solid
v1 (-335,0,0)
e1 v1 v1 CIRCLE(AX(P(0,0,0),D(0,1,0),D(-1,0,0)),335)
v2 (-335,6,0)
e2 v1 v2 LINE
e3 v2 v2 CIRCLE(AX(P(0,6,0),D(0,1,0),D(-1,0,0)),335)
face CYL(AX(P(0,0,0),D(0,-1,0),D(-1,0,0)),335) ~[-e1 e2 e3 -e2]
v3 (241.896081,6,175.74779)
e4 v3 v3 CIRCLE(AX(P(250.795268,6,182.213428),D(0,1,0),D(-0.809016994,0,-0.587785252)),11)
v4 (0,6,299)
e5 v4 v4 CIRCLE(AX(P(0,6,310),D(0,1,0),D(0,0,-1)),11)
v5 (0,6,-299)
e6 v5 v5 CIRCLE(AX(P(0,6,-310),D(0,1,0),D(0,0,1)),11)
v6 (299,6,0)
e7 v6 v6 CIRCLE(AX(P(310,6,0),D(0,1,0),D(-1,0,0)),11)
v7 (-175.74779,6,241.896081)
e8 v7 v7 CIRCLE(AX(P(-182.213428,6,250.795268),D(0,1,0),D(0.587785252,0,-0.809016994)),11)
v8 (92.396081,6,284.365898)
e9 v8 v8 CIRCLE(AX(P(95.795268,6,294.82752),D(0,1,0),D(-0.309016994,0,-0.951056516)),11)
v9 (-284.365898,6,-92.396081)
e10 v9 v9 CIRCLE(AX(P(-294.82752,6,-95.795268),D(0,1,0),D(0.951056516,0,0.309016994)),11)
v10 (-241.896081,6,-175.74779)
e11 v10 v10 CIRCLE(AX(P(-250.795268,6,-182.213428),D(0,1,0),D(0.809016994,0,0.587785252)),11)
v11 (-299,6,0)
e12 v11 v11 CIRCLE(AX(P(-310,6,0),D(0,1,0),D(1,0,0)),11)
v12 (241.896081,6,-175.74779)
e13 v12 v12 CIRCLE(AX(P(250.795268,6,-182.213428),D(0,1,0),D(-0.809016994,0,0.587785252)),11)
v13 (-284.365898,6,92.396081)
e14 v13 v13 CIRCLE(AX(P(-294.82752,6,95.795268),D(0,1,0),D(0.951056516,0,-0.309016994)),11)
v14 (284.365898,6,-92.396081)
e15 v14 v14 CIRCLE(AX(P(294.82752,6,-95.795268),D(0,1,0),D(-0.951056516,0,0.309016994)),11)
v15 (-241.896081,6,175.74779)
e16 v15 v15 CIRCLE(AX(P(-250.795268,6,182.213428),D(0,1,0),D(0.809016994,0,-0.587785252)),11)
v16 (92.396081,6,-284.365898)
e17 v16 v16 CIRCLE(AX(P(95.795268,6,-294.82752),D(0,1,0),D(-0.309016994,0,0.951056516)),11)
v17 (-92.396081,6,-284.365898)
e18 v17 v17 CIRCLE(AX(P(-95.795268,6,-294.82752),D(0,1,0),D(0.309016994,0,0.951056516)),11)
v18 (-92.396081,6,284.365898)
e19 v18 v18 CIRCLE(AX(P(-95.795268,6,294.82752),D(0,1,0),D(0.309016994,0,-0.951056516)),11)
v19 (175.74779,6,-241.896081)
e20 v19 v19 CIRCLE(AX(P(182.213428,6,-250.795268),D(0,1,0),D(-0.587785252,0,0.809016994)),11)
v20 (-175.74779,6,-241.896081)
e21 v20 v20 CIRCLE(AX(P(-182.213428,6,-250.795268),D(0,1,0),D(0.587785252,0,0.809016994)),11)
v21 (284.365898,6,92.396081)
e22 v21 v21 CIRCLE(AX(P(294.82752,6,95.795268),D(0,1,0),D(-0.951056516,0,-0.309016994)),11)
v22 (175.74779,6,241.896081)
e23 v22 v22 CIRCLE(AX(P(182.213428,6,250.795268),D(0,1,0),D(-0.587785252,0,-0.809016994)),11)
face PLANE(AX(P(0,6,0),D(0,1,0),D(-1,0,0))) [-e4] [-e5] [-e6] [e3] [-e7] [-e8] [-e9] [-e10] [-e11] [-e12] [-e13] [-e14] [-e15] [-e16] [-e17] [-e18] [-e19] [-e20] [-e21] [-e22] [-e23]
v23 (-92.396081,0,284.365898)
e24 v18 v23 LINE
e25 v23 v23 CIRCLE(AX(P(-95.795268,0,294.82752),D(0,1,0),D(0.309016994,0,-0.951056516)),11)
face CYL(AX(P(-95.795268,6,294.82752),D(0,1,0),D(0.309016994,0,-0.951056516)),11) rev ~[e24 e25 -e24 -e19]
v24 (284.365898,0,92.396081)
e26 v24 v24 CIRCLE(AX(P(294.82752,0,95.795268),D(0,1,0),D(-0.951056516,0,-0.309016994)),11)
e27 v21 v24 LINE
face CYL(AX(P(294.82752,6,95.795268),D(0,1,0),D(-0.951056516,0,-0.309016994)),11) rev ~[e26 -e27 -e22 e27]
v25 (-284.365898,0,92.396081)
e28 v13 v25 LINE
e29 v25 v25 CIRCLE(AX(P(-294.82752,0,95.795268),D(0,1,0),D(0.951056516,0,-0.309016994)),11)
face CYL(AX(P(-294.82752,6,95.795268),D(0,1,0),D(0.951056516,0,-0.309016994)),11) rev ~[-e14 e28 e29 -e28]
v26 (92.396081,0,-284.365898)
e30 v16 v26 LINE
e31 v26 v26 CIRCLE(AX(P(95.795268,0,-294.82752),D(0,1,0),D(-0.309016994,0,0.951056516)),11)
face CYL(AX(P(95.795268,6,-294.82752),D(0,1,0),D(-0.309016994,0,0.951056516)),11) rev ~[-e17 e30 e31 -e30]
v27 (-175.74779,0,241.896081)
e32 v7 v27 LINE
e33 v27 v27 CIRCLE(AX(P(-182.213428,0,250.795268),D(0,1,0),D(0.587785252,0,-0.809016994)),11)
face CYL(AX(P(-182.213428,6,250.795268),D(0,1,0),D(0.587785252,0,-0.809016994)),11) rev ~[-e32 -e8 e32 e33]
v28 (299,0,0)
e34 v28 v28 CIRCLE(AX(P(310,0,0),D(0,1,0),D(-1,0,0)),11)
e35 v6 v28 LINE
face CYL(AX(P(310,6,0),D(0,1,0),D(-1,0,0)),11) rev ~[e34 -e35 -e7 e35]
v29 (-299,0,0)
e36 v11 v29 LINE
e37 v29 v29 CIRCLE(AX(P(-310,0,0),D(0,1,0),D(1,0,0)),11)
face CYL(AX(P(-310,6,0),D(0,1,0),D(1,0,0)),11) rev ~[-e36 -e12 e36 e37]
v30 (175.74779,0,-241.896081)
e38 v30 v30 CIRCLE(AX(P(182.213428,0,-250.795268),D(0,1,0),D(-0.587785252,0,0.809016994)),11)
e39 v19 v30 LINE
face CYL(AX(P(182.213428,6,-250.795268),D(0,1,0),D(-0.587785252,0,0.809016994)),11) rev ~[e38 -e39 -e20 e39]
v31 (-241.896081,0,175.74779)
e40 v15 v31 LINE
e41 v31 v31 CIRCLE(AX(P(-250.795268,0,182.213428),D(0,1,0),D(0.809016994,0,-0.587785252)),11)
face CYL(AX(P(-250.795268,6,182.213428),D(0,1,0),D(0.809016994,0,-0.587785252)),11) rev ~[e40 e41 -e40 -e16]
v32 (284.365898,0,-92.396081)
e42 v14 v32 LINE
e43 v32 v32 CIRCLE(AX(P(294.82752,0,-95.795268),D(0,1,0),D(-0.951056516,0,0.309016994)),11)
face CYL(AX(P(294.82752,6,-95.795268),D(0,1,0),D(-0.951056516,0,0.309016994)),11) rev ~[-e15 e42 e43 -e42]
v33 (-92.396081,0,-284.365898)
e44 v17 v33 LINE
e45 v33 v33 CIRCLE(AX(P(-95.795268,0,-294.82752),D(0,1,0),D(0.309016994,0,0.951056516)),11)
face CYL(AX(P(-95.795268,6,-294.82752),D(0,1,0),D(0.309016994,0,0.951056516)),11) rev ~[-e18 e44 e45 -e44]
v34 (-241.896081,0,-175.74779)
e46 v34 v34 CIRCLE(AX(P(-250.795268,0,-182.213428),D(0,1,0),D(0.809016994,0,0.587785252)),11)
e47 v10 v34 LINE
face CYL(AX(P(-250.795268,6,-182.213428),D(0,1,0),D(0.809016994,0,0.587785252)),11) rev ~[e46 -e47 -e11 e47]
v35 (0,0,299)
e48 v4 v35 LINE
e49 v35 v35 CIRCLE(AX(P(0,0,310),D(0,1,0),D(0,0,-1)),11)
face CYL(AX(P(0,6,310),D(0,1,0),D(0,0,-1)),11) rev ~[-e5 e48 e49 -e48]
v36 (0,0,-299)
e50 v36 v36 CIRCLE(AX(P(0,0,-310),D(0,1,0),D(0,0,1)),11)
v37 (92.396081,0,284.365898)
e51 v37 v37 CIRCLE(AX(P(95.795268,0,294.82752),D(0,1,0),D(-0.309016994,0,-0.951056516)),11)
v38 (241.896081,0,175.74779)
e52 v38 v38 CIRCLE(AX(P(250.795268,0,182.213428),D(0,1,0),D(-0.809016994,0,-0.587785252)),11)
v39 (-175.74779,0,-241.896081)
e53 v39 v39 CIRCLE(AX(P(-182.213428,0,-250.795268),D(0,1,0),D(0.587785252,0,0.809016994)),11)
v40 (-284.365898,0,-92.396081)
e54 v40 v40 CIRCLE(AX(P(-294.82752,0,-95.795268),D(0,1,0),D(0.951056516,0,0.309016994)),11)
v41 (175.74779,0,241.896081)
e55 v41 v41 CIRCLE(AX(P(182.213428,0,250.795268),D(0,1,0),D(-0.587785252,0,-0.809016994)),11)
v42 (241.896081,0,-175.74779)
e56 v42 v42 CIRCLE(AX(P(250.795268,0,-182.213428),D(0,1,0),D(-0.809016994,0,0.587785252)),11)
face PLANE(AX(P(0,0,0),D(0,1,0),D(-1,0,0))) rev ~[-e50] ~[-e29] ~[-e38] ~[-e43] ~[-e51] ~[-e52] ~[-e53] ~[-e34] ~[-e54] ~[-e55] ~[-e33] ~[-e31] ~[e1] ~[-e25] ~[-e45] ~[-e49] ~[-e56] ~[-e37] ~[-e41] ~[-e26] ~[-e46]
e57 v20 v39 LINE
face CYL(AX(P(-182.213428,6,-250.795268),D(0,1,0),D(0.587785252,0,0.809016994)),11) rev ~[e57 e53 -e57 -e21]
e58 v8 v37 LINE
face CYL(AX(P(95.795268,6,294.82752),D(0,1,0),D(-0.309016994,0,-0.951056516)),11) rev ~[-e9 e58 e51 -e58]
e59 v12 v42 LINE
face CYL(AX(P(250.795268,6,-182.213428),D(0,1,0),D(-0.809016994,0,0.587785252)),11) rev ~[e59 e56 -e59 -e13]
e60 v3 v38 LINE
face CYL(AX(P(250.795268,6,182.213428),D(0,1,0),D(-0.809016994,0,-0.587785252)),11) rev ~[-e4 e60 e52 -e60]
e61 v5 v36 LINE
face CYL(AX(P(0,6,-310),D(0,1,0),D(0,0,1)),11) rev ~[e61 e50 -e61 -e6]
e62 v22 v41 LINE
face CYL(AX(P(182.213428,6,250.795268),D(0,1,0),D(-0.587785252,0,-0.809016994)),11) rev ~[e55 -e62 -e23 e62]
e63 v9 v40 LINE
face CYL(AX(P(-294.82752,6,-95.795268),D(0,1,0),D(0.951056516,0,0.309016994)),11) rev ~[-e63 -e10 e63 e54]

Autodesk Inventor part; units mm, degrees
ref_plane "YZ Plane" through (0, 0, 0) normal (1, 0, 0) x (0, 1, 0)
ref_plane "XZ Plane" through (0, 0, 0) normal (0, 1, 0) x (-1, 0, 0)
ref_plane "XY Plane" through (0, 0, 0) normal (0, 0, 1) x (1, 0, 0)
sketch "Sketch1" plane through (0, 0, 0) normal (0, 1, 0) x (-1, 0, 0)
  circle A0 centre (0, 0) radius 335
  dimension "d0" = 670
extrude "Extrusion1" add sketch "Sketch1" along normal blind 6
sketch "Sketch2" plane through (0, 6, 0) normal (0, 1, 0) x (1, 0, 0)
  circle A0 centre (-310, 0) radius 11
  circle A1 centre (0, 0) radius 310 construction
  dimension "d4" = 620
  dimension "d3" = 22
extrude "Cut1" cut sketch "Sketch2" against normal blind 6
pattern_circular "Circular Pattern1" count 20 over 360 about axis through (0, 0, 0) along (0, 1, 0) of "Cut1"
equation "\"d6\" = Thickness"
equation "\"BendRadius\" = Thickness"
equation "\"BendReliefWidth\" = Thickness"
equation "\"BendReliefDepth\" = 0.5 * Thickness"
equation "\"CornerReliefSize\" = 4 * Thickness"
equation "\"MinimumRemnant\" = 2 * Thickness"
equation "\"TransitionRadius\" = BendRadius"
equation "\"JacobiRadiusSize\" = BendRadius"
equation "\"GapSize\" = Thickness"
equation "\"d5\" = Thickness"
equation "\"Thickness\" = 6"
properties part number "PNS-721 charging hatch D1200"
